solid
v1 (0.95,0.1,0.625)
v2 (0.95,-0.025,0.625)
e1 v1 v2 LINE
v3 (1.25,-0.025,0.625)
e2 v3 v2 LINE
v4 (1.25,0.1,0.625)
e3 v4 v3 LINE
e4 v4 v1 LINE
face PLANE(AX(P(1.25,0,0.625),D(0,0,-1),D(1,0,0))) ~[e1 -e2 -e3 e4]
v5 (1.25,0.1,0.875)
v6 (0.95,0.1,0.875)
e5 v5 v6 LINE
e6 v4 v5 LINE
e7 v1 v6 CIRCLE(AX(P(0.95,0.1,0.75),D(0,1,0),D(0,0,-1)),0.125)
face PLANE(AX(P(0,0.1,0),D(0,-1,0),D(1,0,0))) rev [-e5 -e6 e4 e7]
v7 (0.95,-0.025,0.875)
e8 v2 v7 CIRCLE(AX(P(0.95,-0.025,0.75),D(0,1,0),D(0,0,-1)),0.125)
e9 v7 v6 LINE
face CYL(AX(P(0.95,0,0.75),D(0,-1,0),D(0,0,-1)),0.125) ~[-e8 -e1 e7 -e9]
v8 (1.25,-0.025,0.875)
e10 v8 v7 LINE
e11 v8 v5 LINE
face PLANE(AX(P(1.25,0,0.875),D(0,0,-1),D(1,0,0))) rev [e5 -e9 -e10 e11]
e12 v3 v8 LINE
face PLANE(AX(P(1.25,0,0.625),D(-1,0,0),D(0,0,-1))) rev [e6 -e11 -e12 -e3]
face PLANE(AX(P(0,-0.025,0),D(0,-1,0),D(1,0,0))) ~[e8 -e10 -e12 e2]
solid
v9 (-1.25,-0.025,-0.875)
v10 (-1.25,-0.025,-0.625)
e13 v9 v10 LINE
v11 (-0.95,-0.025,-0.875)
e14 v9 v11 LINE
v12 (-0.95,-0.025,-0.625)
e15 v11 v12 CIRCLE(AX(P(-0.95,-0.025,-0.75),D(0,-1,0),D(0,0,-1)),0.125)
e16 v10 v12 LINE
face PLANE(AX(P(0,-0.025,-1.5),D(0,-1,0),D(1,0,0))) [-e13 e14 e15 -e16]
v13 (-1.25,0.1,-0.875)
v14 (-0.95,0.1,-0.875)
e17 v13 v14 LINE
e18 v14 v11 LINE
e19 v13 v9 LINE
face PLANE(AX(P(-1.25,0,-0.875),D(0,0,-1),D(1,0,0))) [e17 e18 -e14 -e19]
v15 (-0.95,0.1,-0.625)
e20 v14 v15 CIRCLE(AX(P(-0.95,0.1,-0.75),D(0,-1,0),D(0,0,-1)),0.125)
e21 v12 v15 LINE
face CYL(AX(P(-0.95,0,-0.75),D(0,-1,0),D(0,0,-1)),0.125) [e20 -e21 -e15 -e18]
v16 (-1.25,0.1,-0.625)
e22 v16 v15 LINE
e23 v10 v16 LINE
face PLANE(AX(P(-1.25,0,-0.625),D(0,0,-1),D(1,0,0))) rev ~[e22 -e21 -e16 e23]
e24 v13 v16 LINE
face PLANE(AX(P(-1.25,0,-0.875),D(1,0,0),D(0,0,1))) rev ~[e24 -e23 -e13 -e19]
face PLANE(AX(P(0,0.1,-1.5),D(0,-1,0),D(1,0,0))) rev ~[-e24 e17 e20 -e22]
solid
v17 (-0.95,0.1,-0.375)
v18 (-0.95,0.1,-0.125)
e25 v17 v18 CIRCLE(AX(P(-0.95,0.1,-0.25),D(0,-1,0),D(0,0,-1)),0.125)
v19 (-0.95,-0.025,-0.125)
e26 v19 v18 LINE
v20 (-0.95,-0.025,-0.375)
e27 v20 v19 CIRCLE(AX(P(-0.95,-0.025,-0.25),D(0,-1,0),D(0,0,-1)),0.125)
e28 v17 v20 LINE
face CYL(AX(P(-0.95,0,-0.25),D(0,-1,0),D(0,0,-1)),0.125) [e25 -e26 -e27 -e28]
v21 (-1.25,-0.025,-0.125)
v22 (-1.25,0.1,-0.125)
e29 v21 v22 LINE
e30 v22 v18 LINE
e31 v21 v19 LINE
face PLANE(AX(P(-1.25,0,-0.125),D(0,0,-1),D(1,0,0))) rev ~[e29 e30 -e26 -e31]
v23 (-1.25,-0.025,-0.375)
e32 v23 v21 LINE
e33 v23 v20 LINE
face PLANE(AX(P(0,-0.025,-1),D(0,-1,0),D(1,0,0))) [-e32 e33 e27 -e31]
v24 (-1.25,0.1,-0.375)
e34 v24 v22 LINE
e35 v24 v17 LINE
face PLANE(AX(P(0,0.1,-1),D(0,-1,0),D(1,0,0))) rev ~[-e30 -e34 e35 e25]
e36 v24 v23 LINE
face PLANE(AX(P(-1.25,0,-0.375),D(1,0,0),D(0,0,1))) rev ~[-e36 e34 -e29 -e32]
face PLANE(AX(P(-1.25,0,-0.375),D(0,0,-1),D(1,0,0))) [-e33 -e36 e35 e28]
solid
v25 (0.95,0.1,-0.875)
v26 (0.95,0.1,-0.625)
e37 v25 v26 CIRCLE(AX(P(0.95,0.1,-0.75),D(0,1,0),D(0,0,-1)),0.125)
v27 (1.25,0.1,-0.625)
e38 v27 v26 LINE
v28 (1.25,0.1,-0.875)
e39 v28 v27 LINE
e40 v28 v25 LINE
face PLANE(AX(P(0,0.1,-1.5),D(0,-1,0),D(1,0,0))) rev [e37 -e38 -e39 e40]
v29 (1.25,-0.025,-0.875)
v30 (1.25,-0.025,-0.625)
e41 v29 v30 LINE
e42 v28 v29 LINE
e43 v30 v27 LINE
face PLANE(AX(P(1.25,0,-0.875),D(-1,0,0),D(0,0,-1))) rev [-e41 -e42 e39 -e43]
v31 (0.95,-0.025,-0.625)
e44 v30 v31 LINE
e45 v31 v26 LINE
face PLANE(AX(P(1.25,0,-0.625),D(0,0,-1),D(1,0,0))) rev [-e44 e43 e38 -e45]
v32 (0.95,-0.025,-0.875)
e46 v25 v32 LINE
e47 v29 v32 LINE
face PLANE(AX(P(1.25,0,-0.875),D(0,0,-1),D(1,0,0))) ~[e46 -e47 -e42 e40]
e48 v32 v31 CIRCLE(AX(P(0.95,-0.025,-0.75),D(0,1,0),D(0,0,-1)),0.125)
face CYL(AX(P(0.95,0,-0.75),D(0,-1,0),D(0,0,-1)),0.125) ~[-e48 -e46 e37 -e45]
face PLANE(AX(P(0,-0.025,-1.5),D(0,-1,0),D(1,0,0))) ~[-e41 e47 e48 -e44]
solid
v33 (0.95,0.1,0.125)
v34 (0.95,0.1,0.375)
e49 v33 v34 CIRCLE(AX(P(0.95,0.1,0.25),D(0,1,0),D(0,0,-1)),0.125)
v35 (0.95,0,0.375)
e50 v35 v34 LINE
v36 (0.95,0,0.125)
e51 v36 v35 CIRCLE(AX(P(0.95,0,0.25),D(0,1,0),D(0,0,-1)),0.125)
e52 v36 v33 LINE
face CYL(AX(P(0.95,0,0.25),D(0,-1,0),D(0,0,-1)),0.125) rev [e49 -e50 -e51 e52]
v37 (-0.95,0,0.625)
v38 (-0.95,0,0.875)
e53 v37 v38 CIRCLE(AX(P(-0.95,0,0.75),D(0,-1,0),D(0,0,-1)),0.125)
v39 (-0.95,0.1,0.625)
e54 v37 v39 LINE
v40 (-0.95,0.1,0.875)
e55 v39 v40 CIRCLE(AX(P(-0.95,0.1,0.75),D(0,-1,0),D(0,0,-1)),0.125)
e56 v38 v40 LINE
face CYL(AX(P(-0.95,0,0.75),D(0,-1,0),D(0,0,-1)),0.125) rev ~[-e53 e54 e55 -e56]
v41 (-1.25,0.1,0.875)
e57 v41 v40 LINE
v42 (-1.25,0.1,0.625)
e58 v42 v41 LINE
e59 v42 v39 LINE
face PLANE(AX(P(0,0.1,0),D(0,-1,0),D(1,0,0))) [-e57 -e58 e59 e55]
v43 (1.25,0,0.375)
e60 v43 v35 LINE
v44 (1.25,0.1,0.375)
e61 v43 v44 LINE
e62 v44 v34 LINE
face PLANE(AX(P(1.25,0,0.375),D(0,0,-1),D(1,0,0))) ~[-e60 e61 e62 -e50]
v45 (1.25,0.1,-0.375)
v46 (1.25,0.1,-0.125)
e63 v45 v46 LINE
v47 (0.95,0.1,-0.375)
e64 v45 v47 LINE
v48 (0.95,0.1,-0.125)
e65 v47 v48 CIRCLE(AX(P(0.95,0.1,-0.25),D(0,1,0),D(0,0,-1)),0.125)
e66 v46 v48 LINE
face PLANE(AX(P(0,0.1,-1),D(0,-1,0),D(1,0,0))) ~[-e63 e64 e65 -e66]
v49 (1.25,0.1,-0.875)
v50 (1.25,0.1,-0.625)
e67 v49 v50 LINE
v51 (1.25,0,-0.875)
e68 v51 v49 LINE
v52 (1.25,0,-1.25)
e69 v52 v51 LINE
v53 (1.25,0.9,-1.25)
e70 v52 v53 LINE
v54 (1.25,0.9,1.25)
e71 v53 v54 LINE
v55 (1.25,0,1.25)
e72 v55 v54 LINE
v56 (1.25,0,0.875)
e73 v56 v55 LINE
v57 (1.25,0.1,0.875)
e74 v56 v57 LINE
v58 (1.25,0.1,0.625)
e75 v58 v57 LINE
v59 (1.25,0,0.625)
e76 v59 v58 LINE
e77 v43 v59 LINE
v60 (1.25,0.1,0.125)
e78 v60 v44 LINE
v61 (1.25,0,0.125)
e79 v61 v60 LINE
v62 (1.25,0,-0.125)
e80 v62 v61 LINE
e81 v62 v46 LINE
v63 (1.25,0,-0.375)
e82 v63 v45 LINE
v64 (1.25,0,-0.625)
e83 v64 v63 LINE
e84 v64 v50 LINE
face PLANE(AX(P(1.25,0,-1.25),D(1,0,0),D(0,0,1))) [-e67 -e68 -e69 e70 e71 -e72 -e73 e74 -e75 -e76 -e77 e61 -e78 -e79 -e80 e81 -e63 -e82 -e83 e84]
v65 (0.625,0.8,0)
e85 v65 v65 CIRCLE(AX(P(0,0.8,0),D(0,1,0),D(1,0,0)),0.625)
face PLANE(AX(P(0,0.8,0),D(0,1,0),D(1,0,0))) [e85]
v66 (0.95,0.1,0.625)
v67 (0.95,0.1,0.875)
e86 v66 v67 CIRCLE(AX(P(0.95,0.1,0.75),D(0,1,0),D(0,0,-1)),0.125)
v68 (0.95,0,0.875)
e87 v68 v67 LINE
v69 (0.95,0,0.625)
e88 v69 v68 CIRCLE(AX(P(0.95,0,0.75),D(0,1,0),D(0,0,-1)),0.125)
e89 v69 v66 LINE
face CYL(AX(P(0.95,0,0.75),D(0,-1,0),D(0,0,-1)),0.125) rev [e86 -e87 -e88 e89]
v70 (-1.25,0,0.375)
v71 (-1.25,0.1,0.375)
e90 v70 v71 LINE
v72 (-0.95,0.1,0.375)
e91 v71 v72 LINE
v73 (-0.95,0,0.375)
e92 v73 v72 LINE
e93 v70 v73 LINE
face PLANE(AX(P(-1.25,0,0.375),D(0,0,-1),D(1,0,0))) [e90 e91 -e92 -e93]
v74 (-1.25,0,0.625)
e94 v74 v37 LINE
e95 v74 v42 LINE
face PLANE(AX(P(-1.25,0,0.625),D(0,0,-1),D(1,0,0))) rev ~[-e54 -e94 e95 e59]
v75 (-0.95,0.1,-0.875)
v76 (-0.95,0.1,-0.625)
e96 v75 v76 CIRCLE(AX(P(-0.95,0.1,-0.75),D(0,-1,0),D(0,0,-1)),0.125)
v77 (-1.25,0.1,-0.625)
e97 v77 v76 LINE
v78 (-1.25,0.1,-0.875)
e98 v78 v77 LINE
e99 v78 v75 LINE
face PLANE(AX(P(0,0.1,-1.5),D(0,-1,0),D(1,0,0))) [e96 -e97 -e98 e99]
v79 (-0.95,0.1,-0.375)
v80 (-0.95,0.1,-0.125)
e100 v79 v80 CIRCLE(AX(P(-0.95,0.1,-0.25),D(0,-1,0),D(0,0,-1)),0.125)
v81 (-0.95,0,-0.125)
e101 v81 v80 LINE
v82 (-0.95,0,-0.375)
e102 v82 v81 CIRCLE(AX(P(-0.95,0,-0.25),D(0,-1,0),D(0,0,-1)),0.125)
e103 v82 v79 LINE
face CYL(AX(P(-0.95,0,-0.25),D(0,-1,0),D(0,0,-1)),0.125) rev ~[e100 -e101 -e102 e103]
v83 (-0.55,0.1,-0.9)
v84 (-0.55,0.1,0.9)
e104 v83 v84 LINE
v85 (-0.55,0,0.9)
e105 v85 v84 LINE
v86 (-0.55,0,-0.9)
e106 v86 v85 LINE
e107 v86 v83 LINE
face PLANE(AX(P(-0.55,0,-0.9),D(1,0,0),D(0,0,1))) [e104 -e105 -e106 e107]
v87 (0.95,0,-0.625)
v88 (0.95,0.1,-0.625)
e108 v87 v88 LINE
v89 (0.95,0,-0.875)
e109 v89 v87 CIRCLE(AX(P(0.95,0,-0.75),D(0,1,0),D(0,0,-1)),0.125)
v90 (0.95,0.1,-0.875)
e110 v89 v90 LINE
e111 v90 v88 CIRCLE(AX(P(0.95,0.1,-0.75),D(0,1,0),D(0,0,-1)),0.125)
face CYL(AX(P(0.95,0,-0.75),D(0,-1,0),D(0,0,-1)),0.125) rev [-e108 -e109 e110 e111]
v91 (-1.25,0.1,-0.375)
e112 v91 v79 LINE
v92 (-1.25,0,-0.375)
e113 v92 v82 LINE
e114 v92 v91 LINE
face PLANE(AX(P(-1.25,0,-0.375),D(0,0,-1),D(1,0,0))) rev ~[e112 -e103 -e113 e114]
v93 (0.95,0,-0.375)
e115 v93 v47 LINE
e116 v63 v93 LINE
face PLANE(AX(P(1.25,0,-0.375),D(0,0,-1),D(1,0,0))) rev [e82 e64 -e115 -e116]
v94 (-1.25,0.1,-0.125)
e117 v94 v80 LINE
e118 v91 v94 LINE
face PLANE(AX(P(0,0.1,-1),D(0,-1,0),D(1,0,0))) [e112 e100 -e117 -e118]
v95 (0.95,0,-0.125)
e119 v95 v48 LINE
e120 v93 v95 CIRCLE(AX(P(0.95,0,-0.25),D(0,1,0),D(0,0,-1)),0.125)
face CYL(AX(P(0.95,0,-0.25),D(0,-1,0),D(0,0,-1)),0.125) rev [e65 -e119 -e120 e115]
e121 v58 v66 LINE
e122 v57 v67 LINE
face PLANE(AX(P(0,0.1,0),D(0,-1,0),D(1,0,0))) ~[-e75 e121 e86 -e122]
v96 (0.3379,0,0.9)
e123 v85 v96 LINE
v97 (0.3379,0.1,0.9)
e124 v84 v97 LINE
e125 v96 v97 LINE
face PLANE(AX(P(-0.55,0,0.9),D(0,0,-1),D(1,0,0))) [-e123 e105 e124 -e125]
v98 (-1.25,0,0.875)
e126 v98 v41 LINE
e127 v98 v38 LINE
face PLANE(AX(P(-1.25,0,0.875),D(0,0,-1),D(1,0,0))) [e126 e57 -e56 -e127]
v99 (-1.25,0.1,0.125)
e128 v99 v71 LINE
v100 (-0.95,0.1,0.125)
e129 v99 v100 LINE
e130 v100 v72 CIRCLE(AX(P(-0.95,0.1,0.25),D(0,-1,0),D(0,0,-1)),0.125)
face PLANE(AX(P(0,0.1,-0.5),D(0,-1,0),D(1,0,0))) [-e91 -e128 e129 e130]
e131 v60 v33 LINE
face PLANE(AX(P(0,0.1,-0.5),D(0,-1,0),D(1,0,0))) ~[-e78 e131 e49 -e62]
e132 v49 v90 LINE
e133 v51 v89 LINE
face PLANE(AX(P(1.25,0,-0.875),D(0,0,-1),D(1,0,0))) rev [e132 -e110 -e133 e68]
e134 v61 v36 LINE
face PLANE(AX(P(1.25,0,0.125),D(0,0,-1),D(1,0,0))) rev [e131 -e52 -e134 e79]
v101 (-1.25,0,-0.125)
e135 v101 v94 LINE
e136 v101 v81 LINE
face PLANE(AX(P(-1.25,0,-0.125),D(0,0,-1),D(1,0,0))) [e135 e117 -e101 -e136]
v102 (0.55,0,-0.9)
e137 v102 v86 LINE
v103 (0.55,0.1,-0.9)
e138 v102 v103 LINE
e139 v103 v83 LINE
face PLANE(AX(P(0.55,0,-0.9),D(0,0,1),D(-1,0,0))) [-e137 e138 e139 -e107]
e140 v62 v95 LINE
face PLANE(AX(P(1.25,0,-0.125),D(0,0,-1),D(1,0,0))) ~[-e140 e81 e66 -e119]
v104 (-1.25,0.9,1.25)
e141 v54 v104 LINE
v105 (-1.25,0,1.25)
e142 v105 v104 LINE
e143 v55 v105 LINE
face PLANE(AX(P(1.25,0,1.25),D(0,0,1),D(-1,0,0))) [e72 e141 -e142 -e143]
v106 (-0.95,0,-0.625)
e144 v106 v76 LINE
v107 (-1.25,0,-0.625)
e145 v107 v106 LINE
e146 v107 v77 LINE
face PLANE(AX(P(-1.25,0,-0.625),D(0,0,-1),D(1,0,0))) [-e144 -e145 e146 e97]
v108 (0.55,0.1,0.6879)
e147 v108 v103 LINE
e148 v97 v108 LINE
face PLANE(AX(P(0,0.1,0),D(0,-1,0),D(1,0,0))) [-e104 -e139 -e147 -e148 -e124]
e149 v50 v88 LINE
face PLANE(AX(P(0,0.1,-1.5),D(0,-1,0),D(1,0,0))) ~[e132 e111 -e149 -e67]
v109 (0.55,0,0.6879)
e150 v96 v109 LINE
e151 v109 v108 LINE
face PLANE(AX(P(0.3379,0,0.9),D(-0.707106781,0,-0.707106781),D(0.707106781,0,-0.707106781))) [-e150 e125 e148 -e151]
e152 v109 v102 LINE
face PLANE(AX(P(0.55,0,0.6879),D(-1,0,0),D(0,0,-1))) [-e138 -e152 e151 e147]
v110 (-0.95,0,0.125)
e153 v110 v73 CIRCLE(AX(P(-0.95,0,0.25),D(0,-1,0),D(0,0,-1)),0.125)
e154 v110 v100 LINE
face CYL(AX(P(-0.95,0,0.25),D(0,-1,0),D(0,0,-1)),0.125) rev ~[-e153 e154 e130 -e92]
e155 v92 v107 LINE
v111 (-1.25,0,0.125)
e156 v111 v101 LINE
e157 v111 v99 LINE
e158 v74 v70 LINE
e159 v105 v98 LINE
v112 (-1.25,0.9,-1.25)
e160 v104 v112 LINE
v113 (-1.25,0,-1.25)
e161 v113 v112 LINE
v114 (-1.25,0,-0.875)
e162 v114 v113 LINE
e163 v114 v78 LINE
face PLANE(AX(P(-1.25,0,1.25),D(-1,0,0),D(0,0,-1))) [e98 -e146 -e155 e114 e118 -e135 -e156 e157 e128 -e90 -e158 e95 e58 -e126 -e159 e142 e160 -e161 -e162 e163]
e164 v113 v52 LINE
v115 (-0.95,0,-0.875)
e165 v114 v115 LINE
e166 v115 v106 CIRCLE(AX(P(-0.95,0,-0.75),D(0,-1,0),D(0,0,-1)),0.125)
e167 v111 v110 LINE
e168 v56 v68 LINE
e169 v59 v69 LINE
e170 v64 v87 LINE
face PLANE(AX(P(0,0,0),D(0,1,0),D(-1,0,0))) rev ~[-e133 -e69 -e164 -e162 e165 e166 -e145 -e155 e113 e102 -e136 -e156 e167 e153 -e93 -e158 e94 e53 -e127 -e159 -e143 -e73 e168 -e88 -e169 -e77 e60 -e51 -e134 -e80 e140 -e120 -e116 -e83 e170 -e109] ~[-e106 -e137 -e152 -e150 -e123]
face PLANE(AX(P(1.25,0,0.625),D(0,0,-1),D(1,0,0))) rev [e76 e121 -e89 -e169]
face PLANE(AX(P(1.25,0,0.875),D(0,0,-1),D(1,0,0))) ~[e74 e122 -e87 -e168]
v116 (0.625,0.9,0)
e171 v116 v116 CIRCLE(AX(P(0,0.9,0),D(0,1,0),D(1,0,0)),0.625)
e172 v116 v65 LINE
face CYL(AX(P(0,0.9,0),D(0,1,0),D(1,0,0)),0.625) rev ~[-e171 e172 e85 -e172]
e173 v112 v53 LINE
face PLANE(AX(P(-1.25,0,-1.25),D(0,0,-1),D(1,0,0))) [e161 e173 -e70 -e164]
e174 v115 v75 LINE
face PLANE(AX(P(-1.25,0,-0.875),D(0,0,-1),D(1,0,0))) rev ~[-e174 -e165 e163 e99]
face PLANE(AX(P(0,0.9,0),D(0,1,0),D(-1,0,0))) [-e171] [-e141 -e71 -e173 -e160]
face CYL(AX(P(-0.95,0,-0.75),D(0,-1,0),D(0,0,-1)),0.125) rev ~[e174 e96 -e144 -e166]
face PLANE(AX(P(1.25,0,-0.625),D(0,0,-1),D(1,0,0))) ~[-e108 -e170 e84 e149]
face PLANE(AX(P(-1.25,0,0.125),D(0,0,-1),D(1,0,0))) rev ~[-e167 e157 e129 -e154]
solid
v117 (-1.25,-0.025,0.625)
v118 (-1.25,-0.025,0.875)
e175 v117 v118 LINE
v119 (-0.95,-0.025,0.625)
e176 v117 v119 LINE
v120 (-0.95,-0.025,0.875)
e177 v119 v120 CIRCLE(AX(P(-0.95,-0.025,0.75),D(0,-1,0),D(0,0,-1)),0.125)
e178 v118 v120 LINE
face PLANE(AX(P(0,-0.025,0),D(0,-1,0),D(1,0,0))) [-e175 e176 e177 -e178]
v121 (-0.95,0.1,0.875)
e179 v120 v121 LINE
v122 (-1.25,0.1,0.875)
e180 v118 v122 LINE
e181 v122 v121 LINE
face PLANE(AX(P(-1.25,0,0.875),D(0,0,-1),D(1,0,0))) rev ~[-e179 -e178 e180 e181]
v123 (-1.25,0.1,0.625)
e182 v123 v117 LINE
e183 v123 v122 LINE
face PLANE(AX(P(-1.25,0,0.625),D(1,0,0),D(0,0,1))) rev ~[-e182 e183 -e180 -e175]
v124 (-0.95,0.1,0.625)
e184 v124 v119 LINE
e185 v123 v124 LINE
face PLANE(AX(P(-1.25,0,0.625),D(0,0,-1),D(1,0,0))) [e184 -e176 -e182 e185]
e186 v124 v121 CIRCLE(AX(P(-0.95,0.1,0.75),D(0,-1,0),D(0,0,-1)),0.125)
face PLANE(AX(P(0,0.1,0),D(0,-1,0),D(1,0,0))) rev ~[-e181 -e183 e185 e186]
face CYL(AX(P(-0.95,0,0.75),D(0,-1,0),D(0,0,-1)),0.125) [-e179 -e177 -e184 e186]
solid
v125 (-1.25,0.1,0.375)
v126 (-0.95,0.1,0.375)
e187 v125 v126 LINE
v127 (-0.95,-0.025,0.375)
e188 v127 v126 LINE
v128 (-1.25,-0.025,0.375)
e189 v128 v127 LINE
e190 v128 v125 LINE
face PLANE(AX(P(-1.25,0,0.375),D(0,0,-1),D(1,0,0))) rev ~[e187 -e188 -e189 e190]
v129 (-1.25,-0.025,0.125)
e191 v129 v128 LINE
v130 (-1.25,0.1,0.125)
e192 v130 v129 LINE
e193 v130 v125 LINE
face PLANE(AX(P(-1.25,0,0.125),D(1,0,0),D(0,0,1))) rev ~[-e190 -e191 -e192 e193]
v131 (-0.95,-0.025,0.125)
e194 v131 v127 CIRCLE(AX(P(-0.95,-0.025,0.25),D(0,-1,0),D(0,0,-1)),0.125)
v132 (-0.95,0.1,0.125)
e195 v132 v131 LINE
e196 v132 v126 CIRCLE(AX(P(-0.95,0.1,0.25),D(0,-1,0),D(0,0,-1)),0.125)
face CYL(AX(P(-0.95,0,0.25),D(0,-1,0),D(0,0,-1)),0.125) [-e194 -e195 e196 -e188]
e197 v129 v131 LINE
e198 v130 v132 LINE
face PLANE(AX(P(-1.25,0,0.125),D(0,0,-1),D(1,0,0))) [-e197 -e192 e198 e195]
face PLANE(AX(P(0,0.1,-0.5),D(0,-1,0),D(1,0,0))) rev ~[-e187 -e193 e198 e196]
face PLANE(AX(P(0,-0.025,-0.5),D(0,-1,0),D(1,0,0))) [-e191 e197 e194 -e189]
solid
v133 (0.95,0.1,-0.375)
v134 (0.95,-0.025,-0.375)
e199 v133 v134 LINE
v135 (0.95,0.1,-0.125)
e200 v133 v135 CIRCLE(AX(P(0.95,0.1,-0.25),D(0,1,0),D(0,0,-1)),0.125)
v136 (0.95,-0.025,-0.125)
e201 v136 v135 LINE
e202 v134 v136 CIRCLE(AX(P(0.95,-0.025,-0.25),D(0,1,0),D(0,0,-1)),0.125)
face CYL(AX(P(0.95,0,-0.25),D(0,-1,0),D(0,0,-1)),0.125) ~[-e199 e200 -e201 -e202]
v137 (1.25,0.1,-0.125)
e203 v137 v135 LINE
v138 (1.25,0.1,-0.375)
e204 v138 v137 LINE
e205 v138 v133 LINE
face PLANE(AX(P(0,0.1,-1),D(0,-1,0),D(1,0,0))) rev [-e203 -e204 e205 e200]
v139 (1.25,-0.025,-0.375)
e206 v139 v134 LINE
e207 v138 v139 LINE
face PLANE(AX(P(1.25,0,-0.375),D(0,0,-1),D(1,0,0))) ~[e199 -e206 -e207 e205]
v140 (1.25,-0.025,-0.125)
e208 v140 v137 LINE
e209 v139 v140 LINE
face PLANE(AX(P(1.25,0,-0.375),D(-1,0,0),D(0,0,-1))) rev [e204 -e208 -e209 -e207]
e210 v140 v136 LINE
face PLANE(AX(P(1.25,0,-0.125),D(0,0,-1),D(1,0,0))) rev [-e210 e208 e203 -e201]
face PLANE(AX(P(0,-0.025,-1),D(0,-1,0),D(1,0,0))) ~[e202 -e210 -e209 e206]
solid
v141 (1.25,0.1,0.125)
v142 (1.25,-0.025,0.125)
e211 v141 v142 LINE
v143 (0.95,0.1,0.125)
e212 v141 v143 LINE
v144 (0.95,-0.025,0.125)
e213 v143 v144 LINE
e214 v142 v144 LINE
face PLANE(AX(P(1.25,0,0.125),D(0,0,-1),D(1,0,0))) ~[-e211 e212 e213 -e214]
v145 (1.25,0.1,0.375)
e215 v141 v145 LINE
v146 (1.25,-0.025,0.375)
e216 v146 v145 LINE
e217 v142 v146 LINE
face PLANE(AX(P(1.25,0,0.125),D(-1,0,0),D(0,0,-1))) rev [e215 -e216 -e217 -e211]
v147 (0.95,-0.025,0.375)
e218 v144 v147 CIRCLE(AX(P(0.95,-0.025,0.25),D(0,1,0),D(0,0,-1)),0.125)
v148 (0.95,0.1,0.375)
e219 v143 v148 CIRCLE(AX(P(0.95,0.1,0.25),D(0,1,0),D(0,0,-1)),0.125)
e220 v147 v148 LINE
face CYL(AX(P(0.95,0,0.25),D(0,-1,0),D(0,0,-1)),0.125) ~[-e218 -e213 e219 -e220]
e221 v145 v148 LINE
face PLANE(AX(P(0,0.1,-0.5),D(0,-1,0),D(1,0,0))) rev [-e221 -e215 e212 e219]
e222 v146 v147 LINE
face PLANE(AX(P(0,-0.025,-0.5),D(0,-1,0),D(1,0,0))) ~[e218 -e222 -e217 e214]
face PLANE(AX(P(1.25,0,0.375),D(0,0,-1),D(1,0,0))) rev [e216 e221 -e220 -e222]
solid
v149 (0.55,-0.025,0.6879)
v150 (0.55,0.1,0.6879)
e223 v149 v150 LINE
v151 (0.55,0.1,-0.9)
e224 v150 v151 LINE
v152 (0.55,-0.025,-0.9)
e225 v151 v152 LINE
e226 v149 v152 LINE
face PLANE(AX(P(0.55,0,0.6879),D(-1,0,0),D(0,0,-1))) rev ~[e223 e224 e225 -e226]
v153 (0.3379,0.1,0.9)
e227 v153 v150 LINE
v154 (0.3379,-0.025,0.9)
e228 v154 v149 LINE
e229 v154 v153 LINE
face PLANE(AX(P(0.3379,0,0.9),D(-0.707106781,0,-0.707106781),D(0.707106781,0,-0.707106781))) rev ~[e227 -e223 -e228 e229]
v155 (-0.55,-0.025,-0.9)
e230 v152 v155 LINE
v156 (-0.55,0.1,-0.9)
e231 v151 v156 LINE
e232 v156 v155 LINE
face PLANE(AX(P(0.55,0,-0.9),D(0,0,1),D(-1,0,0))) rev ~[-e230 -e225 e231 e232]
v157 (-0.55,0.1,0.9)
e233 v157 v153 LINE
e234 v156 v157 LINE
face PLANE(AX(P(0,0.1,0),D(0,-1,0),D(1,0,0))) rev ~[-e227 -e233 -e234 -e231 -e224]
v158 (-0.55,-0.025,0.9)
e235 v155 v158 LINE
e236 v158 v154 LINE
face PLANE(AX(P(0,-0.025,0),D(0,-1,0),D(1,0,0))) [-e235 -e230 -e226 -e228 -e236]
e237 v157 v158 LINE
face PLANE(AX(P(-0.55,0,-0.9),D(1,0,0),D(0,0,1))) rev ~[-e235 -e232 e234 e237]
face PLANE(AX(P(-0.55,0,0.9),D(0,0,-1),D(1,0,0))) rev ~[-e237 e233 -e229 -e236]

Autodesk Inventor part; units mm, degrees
ref_plane "YZ Plane" through (0, 0, 0) normal (1, 0, 0) x (0, 1, 0)
ref_plane "XZ Plane" through (0, 0, 0) normal (0, 1, 0) x (-1, 0, 0)
ref_plane "XY Plane" through (0, 0, 0) normal (0, 0, 1) x (1, 0, 0)
sketch "Sketch1" plane through (0, 0, 0) normal (0, 1, 0) x (-1, 0, 0)
  line L0 (1.25, -1.25) -> (-1.25, -1.25)
  line L1 (-1.25, -1.25) -> (-1.25, 1.25)
  line L2 (-1.25, 1.25) -> (1.25, 1.25)
  line L3 (1.25, 1.25) -> (1.25, -1.25)
  line L4 (1.25, -1.25) -> (-1.25, 1.25) construction
  line L5 (-1.25, -1.25) -> (1.25, 1.25) construction
  point P0 (0, 0)
  dimension "d0" = 2.5
extrude "Extrusion1" add sketch "Sketch1" along normal blind 0.9
sketch "Sketch2" plane through (0, 0, 0) normal (0, -1, 0) x (1, 0, 0)
  line L0 (-1.25, -1.25) -> (-1.25, 1.25) projected
  line L1 (-1.25, 0.875) -> (-0.95, 0.875)
  line L2 (-1.25, 0.625) -> (-0.95, 0.625)
  arc A0 (-0.95, 0.625) -> (-0.95, 0.875) centre (-0.95, 0.75) ccw
  point P0 (0, 0)
  dimension "d3" = 0.25
  dimension "d4" = 0.3
  dimension "d6" = 0.875
extrude "Extrusion2" cut sketch "Sketch2" against normal blind 0.1
pattern_linear "Rectangular Pattern1" count 4 spacing 0.5 along (0, 0, -1) of "Extrusion2"
extrude "Extrusion3" add sketch "Sketch2" against normal blind 0.1 and the other way blind 0.025 separate body
pattern_linear "Rectangular Pattern4" count 4 spacing 0.5 along (0, 0, -1) of "Extrusion3" bodies 2
mirror "Mirror1" about plane through (0, 0, 0) normal (1, 0, 0) of "Extrusion2", "Rectangular Pattern1" bodies 1
mirror "Mirror2" about plane through (0, 0, 0) normal (1, 0, 0) of "Extrusion3", "Rectangular Pattern4" bodies 2
sketch "Sketch3" plane through (0, 0, 0) normal (0, -1, 0) x (1, 0, 0)
  line L0 (-0.55, 0.9) -> (0.55, 0.9)
  line L1 (0.55, 0.9) -> (0.55, -0.9)
  line L2 (0.55, -0.9) -> (-0.55, -0.9)
  line L3 (-0.55, -0.9) -> (-0.55, 0.9)
  line L4 (-0.55, 0.9) -> (0.55, -0.9) construction
  line L5 (0.55, 0.9) -> (-0.55, -0.9) construction
  line L6 (0.3379, 0.9) -> (0.55, 0.6879)
  point P0 (0, 0)
  dimension "d23" = 45
  dimension "d24" = 0.3
  dimension "d25" = 1.8
  dimension "d26" = 1.1
extrude "Extrusion4" cut sketch "Sketch3" against normal blind 0.1 contours L0 L6 L1 L2 L3 bodies 1
extrude "Extrusion5" add sketch "Sketch3" against normal blind 0.1 and the other way blind 0.025 contours L0 L6 L1 L2 L3 bodies 2
sketch "Sketch4" plane through (0, 0.9, 0) normal (0, 1, 0) x (1, 0, 0)
  circle A0 centre (0, 0) radius 0.625
  dimension "d31" = 1.25
extrude "Extrusion6" cut sketch "Sketch4" against normal blind 0.1 bodies 1
properties part number "SHT3x-DIS"
